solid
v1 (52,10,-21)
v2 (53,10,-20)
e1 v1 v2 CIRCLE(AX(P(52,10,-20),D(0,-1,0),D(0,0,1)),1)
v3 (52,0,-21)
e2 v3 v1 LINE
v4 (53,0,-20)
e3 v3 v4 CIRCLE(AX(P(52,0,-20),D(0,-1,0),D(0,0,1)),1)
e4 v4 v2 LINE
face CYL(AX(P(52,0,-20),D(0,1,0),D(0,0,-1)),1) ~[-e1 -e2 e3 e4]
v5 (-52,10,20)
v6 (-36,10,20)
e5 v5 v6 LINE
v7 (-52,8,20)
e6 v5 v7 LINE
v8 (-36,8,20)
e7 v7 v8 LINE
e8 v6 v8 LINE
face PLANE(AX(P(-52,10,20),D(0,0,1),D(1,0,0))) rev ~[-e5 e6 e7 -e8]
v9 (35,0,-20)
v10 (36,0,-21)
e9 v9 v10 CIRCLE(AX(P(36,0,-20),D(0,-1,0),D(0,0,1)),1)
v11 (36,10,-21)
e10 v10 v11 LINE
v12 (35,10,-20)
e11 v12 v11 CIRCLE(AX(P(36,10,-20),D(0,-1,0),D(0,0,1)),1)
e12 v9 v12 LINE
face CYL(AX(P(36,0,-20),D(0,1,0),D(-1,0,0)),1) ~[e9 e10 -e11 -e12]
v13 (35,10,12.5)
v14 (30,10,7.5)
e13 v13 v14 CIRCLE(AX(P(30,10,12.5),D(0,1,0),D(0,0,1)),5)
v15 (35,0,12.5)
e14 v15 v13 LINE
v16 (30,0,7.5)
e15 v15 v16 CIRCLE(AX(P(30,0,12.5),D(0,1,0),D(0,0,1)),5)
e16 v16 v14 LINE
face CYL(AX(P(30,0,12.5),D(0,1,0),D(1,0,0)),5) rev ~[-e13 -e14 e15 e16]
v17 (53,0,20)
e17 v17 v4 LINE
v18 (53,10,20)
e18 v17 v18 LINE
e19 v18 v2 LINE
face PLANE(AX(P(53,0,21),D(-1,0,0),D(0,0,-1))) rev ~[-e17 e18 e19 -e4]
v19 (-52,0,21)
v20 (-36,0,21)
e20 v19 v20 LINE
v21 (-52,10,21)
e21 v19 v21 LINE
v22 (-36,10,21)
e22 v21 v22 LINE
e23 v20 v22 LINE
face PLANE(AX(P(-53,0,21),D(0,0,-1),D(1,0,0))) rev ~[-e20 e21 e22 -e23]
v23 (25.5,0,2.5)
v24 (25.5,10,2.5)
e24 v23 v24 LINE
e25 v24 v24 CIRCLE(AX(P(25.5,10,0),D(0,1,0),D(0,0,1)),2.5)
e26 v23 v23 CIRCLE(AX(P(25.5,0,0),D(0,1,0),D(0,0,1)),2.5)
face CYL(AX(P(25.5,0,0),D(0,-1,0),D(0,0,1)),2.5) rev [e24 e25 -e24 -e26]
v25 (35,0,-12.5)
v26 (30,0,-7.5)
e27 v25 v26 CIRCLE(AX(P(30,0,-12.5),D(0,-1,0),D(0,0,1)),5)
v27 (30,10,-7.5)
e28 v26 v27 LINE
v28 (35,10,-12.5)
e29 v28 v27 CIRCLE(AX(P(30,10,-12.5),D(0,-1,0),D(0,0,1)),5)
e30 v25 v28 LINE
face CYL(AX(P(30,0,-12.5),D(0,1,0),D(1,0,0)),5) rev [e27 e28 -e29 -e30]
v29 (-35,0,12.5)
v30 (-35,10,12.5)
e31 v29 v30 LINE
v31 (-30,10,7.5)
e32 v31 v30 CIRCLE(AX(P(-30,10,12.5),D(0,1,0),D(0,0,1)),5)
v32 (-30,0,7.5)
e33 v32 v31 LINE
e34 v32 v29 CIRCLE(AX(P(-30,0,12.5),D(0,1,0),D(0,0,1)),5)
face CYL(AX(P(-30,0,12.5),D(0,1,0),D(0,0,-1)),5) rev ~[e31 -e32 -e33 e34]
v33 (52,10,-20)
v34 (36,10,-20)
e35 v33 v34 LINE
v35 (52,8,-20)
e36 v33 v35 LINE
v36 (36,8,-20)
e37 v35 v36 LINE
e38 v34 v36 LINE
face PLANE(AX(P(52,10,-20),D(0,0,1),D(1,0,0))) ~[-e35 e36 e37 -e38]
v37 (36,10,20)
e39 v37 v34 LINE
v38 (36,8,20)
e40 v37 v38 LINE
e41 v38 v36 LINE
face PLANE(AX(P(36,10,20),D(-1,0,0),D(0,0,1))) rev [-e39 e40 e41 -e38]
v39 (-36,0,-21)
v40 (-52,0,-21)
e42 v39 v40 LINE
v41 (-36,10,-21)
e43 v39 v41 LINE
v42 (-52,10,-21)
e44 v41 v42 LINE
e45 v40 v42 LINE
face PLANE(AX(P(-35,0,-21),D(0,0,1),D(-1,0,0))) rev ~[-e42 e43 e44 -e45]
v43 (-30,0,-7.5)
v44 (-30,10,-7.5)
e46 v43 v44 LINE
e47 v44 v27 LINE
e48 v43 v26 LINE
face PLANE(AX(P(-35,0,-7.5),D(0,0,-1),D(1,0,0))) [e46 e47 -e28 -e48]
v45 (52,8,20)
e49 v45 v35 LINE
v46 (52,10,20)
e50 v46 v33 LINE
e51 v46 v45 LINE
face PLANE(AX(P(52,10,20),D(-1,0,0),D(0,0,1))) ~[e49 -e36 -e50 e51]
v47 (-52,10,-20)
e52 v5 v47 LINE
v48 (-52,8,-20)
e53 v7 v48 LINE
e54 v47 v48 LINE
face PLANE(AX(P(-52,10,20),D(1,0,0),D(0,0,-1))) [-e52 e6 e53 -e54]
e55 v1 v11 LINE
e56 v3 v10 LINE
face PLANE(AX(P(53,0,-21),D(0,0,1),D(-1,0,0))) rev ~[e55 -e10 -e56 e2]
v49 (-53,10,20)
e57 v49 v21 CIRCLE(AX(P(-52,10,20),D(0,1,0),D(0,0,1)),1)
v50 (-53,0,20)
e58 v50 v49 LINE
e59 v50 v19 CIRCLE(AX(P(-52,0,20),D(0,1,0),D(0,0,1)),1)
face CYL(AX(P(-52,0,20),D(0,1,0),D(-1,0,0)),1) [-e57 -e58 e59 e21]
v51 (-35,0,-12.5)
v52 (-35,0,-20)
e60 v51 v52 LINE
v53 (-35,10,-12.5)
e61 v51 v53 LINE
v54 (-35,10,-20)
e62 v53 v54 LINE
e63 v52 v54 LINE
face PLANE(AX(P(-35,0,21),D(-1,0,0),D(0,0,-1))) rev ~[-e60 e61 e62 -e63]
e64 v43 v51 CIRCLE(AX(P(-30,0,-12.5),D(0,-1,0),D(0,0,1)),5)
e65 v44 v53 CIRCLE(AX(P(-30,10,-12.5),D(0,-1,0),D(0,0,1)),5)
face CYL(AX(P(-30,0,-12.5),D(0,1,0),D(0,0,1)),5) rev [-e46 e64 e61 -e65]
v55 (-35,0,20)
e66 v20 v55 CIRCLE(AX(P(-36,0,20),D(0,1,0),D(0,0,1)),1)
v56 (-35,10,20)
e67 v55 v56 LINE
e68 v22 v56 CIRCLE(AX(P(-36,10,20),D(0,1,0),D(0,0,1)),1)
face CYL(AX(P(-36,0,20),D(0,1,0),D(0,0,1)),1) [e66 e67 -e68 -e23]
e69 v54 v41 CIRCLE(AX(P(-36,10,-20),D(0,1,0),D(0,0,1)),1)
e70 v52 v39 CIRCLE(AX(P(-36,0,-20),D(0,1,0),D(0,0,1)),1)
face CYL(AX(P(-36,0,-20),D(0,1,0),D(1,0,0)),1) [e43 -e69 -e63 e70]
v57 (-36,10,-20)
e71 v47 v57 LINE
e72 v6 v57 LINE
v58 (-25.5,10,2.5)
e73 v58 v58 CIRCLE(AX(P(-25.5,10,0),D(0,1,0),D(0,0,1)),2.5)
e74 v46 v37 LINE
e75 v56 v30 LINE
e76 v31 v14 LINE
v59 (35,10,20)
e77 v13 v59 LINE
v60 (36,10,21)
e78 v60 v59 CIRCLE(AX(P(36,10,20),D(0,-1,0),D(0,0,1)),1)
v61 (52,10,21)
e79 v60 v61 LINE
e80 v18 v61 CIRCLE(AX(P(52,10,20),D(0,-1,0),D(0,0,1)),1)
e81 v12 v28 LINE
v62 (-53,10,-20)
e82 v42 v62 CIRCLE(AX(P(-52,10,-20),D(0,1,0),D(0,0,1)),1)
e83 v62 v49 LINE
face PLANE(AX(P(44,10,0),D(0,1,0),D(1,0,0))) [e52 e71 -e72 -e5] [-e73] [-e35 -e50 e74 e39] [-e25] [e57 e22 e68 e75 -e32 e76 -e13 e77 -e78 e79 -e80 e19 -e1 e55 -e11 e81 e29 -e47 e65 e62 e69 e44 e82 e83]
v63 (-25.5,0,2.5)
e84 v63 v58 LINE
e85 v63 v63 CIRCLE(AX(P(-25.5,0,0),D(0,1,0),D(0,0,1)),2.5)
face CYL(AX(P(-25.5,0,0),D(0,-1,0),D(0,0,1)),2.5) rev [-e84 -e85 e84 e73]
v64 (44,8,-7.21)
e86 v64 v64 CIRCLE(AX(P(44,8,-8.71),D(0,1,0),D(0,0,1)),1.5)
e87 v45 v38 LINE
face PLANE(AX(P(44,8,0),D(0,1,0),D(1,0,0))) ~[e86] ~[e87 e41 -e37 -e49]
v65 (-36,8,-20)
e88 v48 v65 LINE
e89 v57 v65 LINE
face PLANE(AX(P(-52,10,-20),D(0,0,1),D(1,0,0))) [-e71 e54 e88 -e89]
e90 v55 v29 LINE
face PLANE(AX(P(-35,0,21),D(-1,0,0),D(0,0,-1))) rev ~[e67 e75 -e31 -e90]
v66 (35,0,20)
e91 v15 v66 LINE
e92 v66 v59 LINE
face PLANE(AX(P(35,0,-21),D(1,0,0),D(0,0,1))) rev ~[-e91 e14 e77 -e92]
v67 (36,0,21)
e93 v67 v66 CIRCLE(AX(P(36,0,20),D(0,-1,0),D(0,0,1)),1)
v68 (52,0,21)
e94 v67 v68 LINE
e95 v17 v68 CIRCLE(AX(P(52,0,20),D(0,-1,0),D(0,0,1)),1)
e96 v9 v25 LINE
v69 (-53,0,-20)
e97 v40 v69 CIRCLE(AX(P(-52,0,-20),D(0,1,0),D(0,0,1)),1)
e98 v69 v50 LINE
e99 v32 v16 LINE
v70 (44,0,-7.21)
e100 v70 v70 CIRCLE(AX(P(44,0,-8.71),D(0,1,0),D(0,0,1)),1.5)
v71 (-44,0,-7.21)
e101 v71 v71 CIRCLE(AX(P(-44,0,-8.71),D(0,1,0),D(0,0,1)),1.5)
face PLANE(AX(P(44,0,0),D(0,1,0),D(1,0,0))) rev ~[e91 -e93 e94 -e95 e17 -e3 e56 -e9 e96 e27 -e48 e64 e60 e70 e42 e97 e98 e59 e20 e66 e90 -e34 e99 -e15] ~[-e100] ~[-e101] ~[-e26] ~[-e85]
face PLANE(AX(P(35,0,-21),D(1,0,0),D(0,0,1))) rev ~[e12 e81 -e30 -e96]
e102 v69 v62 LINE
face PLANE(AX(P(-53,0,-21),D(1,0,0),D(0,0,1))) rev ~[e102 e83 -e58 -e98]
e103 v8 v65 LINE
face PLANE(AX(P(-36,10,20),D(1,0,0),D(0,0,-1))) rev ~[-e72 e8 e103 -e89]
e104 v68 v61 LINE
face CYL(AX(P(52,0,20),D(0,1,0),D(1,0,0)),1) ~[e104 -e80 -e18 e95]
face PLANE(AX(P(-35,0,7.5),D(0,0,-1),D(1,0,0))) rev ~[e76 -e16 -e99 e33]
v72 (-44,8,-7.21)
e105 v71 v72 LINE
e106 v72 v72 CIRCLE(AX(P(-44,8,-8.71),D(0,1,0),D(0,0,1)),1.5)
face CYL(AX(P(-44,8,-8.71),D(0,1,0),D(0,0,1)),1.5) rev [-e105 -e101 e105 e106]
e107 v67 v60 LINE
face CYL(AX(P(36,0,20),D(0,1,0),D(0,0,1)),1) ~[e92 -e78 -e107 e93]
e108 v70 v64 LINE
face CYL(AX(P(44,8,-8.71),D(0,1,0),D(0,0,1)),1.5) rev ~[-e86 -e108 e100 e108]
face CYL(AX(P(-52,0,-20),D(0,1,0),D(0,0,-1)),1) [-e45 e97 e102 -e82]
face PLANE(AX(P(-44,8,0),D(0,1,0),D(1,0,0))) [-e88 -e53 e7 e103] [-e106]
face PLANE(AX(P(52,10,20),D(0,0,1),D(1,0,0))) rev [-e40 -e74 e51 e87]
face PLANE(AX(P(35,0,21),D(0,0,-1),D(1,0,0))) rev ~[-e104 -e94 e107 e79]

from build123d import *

# Parameters (mm, degrees)
SKETCH1_W           = 70
SKETCH1_H           = 15
SKETCH1_R           = 2.5
BOSS_EXTRUDE2_DEPTH = 10
FILLET1_R           = 5
SKETCH4_W           = 16
SKETCH4_H           = 40
CUT_EXTRUDE2_DEPTH  = 2
SKETCH5_R           = 1.5
CUT_EXTRUDE3_DEPTH  = 58.567351858
FILLET2_R           = 1


with BuildPart() as part:
    # Sketch1 → Boss-Extrude2 (new body)
    # profile 1 of 3: a face of its own
    with BuildSketch(Plane(origin=(0, 0, 0), x_dir=(1, 0, 0), z_dir=(0, 1, 0))):
        Polygon((-35, -7.5), (-35, 7.5), (-35, 21), (-53, 21), (-53, -21), (-35, -21), align=None)
    # profile 2 of 3: a face of its own
    with BuildSketch(Plane(origin=(0, 0, 0), x_dir=(1, 0, 0), z_dir=(0, 1, 0))):
        Rectangle(SKETCH1_W, SKETCH1_H)
        with Locations(Location((25.5, 0, 0), (0, 0, 270))):
            Circle(SKETCH1_R, mode=Mode.SUBTRACT)
        with Locations(Location((-25.5, 0, 0), (0, 0, 270))):
            Circle(SKETCH1_R, mode=Mode.SUBTRACT)
    # profile 3 of 3: a face of its own
    with BuildSketch(Plane(origin=(0, 0, 0), x_dir=(1, 0, 0), z_dir=(0, 1, 0))):
        Polygon((35, 21), (35, 7.5), (35, -7.5), (35, -21), (53, -21), (53, 21), align=None)
    extrude(amount=BOSS_EXTRUDE2_DEPTH)

    # Fillet1
    fillet1_edges = [part.edges().sort_by_distance(p)[0] for p in [
        (-35, 5, -7.5),
        (35, 5, -7.5),
        (35, 5, 7.5),
        (-35, 5, 7.5),
    ]]
    fillet(fillet1_edges, radius=FILLET1_R)

    # Sketch4 → Cut-Extrude2 (cut)
    with BuildSketch(Plane(origin=(0, 10, 0), x_dir=(1, 0, 0), z_dir=(0, 1, 0))):
        with Locations((-44, 0)):
            Rectangle(SKETCH4_W, SKETCH4_H)
    cut_extrude2 = extrude(amount=-CUT_EXTRUDE2_DEPTH, mode=Mode.SUBTRACT)

    # Mirror3: Cut-Extrude2 across plane
    add(cut_extrude2.mirror(Plane(origin=(0, 0, 0), x_dir=(0, 0, 1), z_dir=(1, 0, 0))), mode=Mode.SUBTRACT)

    # Sketch5 → Cut-Extrude3 (cut, symmetric)
    with BuildSketch(Plane(origin=(0, 8, 0), x_dir=(1, 0, 0), z_dir=(0, 1, 0))):
        with Locations(Location((44, 8.71, 0), (0, 0, 270))):
            Circle(SKETCH5_R)
    cut_extrude3 = extrude(amount=CUT_EXTRUDE3_DEPTH, both=True, mode=Mode.SUBTRACT)

    # Mirror4: Cut-Extrude3 across plane
    add(cut_extrude3.mirror(Plane(origin=(0, 0, 0), x_dir=(0, 0, 1), z_dir=(1, 0, 0))), mode=Mode.SUBTRACT)

    # Fillet2
    fillet2_edges = [part.edges().sort_by_distance(p)[0] for p in [
        (35, 5, -21),
        (53, 5, -21),
        (53, 5, 21),
        (35, 5, 21),
        (-35, 5, 21),
        (-53, 5, 21),
        (-53, 5, -21),
        (-35, 5, -21),
    ]]
    fillet(fillet2_edges, radius=FILLET2_R)


solid = part.part
